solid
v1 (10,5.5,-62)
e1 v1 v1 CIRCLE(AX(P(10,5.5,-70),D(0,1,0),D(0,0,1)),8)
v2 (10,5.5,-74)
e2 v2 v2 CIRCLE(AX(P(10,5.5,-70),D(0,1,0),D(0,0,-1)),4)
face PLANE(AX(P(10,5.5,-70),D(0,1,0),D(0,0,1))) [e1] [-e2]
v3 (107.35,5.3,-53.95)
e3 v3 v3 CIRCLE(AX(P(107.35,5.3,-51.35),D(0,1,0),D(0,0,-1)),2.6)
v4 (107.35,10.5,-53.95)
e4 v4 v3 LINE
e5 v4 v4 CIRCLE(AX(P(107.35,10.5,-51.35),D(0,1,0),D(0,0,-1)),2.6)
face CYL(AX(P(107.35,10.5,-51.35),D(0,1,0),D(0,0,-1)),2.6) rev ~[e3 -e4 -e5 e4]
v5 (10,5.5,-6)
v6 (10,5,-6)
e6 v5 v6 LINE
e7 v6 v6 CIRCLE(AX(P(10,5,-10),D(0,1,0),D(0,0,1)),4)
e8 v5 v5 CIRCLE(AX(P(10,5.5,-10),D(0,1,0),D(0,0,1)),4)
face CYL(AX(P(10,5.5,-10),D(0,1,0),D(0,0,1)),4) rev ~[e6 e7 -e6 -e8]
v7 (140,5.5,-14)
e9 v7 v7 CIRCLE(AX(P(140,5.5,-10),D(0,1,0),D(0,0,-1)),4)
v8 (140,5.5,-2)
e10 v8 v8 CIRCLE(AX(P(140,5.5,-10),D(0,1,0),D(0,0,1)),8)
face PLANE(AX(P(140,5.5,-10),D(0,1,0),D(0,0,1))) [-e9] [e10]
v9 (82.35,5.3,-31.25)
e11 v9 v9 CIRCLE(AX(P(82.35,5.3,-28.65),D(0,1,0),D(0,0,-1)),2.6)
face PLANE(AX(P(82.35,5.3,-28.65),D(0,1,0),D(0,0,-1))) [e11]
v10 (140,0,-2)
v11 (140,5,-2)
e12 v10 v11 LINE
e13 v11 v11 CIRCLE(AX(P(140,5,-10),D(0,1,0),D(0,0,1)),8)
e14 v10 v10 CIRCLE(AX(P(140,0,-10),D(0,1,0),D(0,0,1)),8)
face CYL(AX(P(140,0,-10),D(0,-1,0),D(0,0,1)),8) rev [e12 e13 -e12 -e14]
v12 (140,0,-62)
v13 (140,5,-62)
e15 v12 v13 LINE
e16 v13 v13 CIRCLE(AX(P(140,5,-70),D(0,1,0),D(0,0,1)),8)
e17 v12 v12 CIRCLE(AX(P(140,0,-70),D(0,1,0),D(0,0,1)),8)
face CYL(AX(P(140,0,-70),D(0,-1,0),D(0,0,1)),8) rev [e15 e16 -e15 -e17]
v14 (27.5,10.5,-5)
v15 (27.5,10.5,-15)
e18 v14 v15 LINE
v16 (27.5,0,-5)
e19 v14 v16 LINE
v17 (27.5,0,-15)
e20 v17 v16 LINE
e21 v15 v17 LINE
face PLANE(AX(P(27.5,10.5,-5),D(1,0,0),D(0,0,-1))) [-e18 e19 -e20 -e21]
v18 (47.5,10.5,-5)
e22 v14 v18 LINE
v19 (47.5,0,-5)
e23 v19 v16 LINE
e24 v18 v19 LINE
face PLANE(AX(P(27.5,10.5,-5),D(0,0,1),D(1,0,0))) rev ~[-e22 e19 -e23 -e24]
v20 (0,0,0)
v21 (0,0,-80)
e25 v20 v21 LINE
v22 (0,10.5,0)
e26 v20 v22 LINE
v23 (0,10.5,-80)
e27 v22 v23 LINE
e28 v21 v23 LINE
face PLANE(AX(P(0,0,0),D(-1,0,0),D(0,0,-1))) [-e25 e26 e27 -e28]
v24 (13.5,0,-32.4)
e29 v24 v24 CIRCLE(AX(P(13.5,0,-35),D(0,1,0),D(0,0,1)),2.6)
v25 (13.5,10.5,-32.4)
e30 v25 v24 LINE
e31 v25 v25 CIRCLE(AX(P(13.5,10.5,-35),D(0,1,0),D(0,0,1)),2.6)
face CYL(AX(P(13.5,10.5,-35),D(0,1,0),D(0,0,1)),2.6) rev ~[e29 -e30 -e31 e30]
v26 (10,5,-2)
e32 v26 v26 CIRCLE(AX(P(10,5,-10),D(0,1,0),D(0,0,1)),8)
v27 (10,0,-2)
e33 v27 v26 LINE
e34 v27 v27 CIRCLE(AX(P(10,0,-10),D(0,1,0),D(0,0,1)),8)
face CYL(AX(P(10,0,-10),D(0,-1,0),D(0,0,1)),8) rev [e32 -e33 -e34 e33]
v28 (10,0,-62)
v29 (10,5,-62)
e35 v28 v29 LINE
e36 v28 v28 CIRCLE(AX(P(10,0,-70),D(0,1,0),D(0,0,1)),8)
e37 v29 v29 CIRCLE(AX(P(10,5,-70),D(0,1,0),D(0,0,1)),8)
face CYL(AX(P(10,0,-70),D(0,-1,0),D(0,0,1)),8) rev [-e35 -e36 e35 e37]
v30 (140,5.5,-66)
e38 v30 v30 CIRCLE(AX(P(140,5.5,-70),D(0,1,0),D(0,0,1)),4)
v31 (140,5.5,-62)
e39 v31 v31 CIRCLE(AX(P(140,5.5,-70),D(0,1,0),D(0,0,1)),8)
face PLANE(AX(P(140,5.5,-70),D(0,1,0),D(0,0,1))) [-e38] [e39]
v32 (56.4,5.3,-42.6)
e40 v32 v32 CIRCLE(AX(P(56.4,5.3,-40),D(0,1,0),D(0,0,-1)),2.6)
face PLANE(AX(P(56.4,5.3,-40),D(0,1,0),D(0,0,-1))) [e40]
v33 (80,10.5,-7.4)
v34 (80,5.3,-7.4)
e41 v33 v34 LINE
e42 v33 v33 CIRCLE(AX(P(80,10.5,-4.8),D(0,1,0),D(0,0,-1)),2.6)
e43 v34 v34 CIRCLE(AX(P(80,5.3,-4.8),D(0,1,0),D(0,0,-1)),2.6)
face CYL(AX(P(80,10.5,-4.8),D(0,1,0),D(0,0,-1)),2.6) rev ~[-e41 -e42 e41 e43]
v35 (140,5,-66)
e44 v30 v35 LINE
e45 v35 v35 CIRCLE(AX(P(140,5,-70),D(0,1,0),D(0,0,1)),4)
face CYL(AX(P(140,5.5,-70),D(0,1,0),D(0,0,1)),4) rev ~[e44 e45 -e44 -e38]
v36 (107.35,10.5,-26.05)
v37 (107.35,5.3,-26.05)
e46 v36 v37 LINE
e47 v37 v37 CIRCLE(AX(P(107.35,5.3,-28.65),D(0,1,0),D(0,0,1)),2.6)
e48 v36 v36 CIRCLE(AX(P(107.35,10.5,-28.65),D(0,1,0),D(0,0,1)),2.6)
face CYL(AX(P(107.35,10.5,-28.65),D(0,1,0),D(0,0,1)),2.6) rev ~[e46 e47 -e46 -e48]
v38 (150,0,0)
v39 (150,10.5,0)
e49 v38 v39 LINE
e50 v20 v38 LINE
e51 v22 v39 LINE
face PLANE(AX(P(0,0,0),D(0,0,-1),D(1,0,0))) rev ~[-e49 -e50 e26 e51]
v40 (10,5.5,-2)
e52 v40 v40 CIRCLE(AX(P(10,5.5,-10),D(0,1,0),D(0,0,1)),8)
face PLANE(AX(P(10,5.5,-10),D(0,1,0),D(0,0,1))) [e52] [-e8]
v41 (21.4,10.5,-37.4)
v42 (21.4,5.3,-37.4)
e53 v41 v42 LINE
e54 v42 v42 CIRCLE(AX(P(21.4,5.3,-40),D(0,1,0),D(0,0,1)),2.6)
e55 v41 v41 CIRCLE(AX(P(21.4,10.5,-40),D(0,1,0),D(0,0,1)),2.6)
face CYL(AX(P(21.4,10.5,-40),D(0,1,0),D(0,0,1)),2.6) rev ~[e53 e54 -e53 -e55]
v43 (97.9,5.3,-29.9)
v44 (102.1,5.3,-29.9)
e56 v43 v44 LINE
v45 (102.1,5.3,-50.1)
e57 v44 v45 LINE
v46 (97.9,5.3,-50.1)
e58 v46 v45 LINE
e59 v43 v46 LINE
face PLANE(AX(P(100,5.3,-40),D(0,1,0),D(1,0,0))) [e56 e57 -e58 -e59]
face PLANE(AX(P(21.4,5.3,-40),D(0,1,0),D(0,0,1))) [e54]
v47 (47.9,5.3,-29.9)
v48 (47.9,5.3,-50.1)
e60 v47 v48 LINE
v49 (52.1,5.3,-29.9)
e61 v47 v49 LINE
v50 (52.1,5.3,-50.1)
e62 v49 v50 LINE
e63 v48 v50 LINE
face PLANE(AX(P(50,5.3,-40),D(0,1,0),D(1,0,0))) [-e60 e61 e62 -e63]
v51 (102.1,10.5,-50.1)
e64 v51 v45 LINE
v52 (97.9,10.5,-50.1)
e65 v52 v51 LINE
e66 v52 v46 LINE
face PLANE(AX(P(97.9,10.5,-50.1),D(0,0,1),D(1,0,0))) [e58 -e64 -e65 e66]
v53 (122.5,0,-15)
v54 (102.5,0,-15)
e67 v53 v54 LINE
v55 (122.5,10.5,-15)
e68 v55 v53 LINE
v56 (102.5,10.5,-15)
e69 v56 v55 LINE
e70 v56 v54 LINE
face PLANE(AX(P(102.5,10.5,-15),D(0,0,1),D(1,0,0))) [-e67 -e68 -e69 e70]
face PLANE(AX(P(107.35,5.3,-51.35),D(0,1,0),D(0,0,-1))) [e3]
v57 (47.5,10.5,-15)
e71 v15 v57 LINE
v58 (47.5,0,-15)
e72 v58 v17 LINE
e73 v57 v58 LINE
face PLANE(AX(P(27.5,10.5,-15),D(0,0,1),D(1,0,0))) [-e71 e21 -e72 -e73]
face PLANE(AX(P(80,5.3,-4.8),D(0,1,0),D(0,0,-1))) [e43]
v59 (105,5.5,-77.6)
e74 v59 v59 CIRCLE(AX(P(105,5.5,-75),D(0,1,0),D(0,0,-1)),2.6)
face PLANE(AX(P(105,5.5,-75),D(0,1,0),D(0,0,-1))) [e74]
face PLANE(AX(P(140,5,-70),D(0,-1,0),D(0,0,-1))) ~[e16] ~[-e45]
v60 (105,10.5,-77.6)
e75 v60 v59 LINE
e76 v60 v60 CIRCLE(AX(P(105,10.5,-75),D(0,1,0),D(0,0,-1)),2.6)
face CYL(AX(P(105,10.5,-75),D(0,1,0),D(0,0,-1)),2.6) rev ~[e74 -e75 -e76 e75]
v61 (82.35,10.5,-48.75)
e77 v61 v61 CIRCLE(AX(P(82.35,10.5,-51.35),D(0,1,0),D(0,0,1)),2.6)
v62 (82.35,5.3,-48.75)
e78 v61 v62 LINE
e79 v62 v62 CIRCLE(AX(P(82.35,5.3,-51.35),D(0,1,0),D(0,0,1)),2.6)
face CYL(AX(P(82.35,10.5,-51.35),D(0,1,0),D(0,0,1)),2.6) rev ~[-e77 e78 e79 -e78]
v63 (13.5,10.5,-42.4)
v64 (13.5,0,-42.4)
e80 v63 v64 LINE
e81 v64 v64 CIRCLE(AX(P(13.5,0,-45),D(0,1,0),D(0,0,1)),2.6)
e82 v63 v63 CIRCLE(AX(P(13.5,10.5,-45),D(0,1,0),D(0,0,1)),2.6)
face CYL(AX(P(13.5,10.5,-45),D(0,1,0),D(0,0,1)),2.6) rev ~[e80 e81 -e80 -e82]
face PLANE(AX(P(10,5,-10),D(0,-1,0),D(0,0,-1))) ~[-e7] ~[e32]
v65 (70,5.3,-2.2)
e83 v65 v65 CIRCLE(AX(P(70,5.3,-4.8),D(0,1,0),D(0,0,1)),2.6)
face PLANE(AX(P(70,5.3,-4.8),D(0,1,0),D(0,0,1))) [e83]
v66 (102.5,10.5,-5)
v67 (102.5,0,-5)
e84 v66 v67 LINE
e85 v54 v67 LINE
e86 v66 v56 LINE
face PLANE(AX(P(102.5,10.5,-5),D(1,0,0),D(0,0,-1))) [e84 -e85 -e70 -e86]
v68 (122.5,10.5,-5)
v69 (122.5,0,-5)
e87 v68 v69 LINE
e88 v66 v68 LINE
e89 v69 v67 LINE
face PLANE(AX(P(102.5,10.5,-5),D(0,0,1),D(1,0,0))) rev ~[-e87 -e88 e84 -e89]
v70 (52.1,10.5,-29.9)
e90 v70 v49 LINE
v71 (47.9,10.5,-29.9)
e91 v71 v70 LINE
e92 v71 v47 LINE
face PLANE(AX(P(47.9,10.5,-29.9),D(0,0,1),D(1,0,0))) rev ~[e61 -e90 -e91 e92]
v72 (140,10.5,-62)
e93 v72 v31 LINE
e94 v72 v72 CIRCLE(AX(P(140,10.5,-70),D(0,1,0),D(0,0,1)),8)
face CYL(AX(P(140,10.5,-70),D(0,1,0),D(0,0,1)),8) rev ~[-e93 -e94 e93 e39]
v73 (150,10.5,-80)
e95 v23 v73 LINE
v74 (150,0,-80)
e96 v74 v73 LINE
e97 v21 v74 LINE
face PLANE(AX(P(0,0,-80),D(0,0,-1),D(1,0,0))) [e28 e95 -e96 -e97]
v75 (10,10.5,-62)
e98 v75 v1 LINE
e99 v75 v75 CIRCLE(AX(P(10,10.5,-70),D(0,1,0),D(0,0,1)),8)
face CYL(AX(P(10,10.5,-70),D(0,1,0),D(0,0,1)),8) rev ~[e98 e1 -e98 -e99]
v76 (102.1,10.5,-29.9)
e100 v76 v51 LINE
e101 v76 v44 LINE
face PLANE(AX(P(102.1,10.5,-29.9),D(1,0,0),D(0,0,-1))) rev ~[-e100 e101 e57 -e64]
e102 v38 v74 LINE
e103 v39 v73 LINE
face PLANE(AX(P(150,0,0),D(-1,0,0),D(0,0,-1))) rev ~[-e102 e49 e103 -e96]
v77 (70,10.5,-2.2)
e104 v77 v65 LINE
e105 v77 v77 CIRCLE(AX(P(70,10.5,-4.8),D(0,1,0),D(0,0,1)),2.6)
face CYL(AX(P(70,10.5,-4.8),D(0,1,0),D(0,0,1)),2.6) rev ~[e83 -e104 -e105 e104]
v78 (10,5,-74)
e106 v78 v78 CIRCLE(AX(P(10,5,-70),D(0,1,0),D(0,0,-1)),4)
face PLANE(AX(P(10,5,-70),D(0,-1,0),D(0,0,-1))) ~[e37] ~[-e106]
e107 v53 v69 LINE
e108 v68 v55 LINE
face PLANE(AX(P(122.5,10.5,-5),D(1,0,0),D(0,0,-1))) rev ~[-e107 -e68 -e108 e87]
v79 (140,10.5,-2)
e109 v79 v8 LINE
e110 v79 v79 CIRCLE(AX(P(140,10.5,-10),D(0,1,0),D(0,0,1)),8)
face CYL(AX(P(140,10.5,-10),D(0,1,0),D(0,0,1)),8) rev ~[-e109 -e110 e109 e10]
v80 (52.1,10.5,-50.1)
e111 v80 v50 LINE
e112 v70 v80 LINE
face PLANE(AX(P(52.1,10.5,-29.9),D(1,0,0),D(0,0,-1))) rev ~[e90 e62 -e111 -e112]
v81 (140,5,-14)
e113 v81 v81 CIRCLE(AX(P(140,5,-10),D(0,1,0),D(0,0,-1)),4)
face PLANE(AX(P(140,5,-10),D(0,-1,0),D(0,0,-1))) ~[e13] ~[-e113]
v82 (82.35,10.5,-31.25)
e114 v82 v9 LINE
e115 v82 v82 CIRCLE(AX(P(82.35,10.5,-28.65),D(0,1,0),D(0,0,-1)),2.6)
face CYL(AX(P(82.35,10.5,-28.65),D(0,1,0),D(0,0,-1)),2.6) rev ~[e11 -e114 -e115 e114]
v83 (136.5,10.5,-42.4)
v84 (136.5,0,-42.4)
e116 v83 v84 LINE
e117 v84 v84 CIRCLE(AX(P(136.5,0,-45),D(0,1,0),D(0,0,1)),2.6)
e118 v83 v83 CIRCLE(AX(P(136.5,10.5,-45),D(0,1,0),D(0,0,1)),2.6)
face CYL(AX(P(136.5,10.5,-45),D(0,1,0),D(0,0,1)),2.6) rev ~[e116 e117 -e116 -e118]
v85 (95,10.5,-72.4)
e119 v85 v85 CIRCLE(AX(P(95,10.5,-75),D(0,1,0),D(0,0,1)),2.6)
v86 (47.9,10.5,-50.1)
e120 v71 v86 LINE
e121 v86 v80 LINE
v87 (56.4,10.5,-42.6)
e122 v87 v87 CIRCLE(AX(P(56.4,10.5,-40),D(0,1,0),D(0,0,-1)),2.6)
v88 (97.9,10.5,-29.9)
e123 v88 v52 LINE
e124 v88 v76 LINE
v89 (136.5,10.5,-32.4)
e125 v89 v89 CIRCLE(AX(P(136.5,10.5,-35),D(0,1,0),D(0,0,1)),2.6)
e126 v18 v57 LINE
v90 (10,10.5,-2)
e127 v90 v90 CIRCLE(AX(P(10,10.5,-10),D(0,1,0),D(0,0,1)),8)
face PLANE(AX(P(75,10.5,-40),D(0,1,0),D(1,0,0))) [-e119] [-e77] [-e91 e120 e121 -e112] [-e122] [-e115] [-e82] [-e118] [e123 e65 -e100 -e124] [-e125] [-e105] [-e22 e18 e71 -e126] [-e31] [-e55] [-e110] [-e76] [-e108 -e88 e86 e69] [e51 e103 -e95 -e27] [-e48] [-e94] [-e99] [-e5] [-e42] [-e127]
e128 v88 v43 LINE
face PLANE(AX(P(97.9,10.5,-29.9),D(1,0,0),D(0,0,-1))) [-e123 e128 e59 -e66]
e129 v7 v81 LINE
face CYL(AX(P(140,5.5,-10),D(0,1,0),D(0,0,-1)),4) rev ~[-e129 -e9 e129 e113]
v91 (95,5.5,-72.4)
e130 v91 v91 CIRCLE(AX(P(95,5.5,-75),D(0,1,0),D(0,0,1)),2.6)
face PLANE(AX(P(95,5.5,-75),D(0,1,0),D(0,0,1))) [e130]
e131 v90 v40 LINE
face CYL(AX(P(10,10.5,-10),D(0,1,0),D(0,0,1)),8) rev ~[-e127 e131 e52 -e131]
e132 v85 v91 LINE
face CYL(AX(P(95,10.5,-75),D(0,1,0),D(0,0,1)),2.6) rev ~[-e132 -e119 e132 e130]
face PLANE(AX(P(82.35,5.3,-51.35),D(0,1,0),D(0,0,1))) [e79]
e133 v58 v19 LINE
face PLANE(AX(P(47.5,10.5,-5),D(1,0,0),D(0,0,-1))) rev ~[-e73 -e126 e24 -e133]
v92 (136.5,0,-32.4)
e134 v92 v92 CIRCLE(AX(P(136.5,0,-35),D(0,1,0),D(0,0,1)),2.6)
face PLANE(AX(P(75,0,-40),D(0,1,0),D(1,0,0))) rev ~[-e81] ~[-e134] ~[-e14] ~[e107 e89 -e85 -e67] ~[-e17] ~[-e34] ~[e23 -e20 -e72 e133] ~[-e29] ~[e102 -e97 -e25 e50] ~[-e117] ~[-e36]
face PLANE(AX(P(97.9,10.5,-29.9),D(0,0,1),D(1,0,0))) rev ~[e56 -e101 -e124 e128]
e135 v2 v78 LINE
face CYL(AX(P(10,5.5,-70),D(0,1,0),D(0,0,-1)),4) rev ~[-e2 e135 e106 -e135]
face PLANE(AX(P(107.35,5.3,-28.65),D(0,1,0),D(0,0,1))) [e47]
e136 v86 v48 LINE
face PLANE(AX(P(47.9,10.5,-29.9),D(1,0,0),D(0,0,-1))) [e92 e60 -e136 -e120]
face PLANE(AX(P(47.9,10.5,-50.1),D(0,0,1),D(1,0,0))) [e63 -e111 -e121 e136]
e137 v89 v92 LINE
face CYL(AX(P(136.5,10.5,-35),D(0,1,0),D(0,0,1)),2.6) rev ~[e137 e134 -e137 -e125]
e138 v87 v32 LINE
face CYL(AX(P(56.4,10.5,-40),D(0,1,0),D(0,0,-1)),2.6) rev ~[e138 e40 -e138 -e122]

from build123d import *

# Parameters (mm, degrees)
SKETCH1_W            = 150
SKETCH1_H            = 80
BOSS_EXTRUDE1_DEPTH  = 10.5
SKETCH10_R           = 8
CUT_EXTRUDE8_DEPTH   = 5
WIREHOLES_REACH      = 172.324
SKETCH3_W            = 20
SKETCH3_H            = 10
SKETCH6_R            = 2.6
F_4AACUT_DEPTH       = 5.2
SKETCH7_R            = 2.6
F_2AACUT_DEPTH       = 5.2
SKETCH5_W            = 4.2
SKETCH5_H            = 20.2
ARDUINOMEGACUT_DEPTH = 5.2
SKETCH8_R            = 2.6
MPUCUT_DEPTH         = 5.2
CUT_EXTRUDE7_REACH   = 172.324
SKETCH9_R            = 2.6
SKETCH11_R           = 4
CUT_EXTRUDE9_DEPTH   = 0.5
SKETCH12_R           = 2.6
CUT_EXTRUDE10_DEPTH  = 5


with BuildPart() as part:
    # Sketch1 → Boss-Extrude1 (new body)
    with BuildSketch(Plane(origin=(0, 0, 0), x_dir=(1, 0, 0), z_dir=(0, 1, 0))):
        with Locations((75, 40)):
            Rectangle(SKETCH1_W, SKETCH1_H)
    extrude(amount=BOSS_EXTRUDE1_DEPTH)

    # Sketch10 → Cut-Extrude8 (cut)
    with BuildSketch(Plane(origin=(0, 10.5, 0), x_dir=(1, 0, 0), z_dir=(0, 1, 0))):
        with Locations(Location((10, 10, 0), (0, 0, 270))):
            Circle(SKETCH10_R)
        with Locations(Location((140, 10, 0), (0, 0, 270))):
            Circle(SKETCH10_R)
        with Locations(Location((10, 70, 0), (0, 0, 270))):
            Circle(SKETCH10_R)
        with Locations(Location((140, 70, 0), (0, 0, 270))):
            Circle(SKETCH10_R)
    cut_extrude8 = extrude(amount=-CUT_EXTRUDE8_DEPTH, mode=Mode.SUBTRACT)

    # Mirror1: Cut-Extrude8 across plane
    add(cut_extrude8.mirror(Plane.ZX.offset(5.25)), mode=Mode.SUBTRACT)

    # Sketch3 → WireHoles (cut, up to next)
    with BuildSketch(Plane(origin=(0, 10.5, 0), x_dir=(1, 0, 0), z_dir=(0, 1, 0)), mode=Mode.PRIVATE) as wireholes_sk1:
        with Locations((37.5, 10)):
            Rectangle(SKETCH3_W, SKETCH3_H)
    wireholes_tool1 = extrude(wireholes_sk1.sketch, amount=-WIREHOLES_REACH, mode=Mode.PRIVATE) & part.part
    # Sketch3 → WireHoles (cut, up to next)
    with BuildSketch(Plane(origin=(0, 10.5, 0), x_dir=(1, 0, 0), z_dir=(0, 1, 0)), mode=Mode.PRIVATE) as wireholes_sk2:
        with Locations((112.5, 10)):
            Rectangle(SKETCH3_W, SKETCH3_H)
    wireholes_tool2 = extrude(wireholes_sk2.sketch, amount=-WIREHOLES_REACH, mode=Mode.PRIVATE) & part.part
    add(wireholes_tool1.solids().sort_by_distance((37.5, 10.5, -10))[0], mode=Mode.SUBTRACT)
    add(wireholes_tool2.solids().sort_by_distance((112.5, 10.5, -10))[0], mode=Mode.SUBTRACT)

    # Sketch6 → 4AACut (cut)
    with BuildSketch(Plane(origin=(0, 10.5, 0), x_dir=(1, 0, 0), z_dir=(0, 1, 0))):
        with Locations(Location((21.4, 40, 0), (0, 0, 270))):
            Circle(SKETCH6_R)
        with Locations(Location((56.4, 40, 0), (0, 0, 90))):
            Circle(SKETCH6_R)
    extrude(amount=-F_4AACUT_DEPTH, mode=Mode.SUBTRACT)

    # Sketch7 → 2AACut (cut)
    with BuildSketch(Plane(origin=(0, 10.5, 0), x_dir=(1, 0, 0), z_dir=(0, 1, 0))):
        with Locations(Location((82.35, 51.35, 0), (0, 0, 270))):
            Circle(SKETCH7_R)
        with Locations(Location((107.35, 51.35, 0), (0, 0, 90))):
            Circle(SKETCH7_R)
        with Locations(Location((82.35, 28.65, 0), (0, 0, 90))):
            Circle(SKETCH7_R)
        with Locations(Location((107.35, 28.65, 0), (0, 0, 270))):
            Circle(SKETCH7_R)
    extrude(amount=-F_2AACUT_DEPTH, mode=Mode.SUBTRACT)

    # Sketch5 → ArduinoMegaCut (cut)
    with BuildSketch(Plane(origin=(0, 10.5, 0), x_dir=(1, 0, 0), z_dir=(0, 1, 0))):
        with Locations((50, 40)):
            Rectangle(SKETCH5_W, SKETCH5_H)
        with Locations((100, 40)):
            Rectangle(SKETCH5_W, SKETCH5_H)
    extrude(amount=-ARDUINOMEGACUT_DEPTH, mode=Mode.SUBTRACT)

    # Sketch8 → MPUCut (cut)
    with BuildSketch(Plane(origin=(0, 10.5, 0), x_dir=(1, 0, 0), z_dir=(0, 1, 0))):
        with Locations(Location((70, 4.8, 0), (0, 0, 270))):
            Circle(SKETCH8_R)
        with Locations(Location((80, 4.8, 0), (0, 0, 90))):
            Circle(SKETCH8_R)
    extrude(amount=-MPUCUT_DEPTH, mode=Mode.SUBTRACT)

    # Sketch9 → Cut-Extrude7 (cut, up to next)
    with BuildSketch(Plane(origin=(0, 10.5, 0), x_dir=(1, 0, 0), z_dir=(0, 1, 0)), mode=Mode.PRIVATE) as cut_extrude7_sk1:
        with Locations(Location((136.5, 45, 0), (0, 0, 270))):
            Circle(SKETCH9_R)
    cut_extrude7_tool1 = extrude(cut_extrude7_sk1.sketch, amount=-CUT_EXTRUDE7_REACH, mode=Mode.PRIVATE) & part.part
    # Sketch9 → Cut-Extrude7 (cut, up to next)
    with BuildSketch(Plane(origin=(0, 10.5, 0), x_dir=(1, 0, 0), z_dir=(0, 1, 0)), mode=Mode.PRIVATE) as cut_extrude7_sk2:
        with Locations(Location((136.5, 35, 0), (0, 0, 270))):
            Circle(SKETCH9_R)
    cut_extrude7_tool2 = extrude(cut_extrude7_sk2.sketch, amount=-CUT_EXTRUDE7_REACH, mode=Mode.PRIVATE) & part.part
    # Sketch9 → Cut-Extrude7 (cut, up to next)
    with BuildSketch(Plane(origin=(0, 10.5, 0), x_dir=(1, 0, 0), z_dir=(0, 1, 0)), mode=Mode.PRIVATE) as cut_extrude7_sk3:
        with Locations(Location((13.5, 45, 0), (0, 0, 270))):
            Circle(SKETCH9_R)
    cut_extrude7_tool3 = extrude(cut_extrude7_sk3.sketch, amount=-CUT_EXTRUDE7_REACH, mode=Mode.PRIVATE) & part.part
    # Sketch9 → Cut-Extrude7 (cut, up to next)
    with BuildSketch(Plane(origin=(0, 10.5, 0), x_dir=(1, 0, 0), z_dir=(0, 1, 0)), mode=Mode.PRIVATE) as cut_extrude7_sk4:
        with Locations(Location((13.5, 35, 0), (0, 0, 270))):
            Circle(SKETCH9_R)
    cut_extrude7_tool4 = extrude(cut_extrude7_sk4.sketch, amount=-CUT_EXTRUDE7_REACH, mode=Mode.PRIVATE) & part.part
    add(cut_extrude7_tool1.solids().sort_by_distance((136.5, 10.5, -45))[0], mode=Mode.SUBTRACT)
    add(cut_extrude7_tool2.solids().sort_by_distance((136.5, 10.5, -35))[0], mode=Mode.SUBTRACT)
    add(cut_extrude7_tool3.solids().sort_by_distance((13.5, 10.5, -45))[0], mode=Mode.SUBTRACT)
    add(cut_extrude7_tool4.solids().sort_by_distance((13.5, 10.5, -35))[0], mode=Mode.SUBTRACT)

    # Sketch11 → Cut-Extrude9 (cut)
    with BuildSketch(Plane(origin=(0, 5.5, 0), x_dir=(1, 0, 0), z_dir=(0, 1, 0))):
        with Locations(Location((10, 10, 0), (0, 0, 270))):
            Circle(SKETCH11_R)
        with Locations(Location((10, 70, 0), (0, 0, 90))):
            Circle(SKETCH11_R)
        with Locations(Location((140, 70, 0), (0, 0, 270))):
            Circle(SKETCH11_R)
        with Locations(Location((140, 10, 0), (0, 0, 90))):
            Circle(SKETCH11_R)
    extrude(amount=-CUT_EXTRUDE9_DEPTH, mode=Mode.SUBTRACT)

    # Sketch12 → Cut-Extrude10 (cut)
    with BuildSketch(Plane(origin=(0, 10.5, 0), x_dir=(1, 0, 0), z_dir=(0, 1, 0))):
        with Locations(Location((95, 75, 0), (0, 0, 270))):
            Circle(SKETCH12_R)
        with Locations(Location((105, 75, 0), (0, 0, 90))):
            Circle(SKETCH12_R)
    extrude(amount=-CUT_EXTRUDE10_DEPTH, mode=Mode.SUBTRACT)


solid = part.part
